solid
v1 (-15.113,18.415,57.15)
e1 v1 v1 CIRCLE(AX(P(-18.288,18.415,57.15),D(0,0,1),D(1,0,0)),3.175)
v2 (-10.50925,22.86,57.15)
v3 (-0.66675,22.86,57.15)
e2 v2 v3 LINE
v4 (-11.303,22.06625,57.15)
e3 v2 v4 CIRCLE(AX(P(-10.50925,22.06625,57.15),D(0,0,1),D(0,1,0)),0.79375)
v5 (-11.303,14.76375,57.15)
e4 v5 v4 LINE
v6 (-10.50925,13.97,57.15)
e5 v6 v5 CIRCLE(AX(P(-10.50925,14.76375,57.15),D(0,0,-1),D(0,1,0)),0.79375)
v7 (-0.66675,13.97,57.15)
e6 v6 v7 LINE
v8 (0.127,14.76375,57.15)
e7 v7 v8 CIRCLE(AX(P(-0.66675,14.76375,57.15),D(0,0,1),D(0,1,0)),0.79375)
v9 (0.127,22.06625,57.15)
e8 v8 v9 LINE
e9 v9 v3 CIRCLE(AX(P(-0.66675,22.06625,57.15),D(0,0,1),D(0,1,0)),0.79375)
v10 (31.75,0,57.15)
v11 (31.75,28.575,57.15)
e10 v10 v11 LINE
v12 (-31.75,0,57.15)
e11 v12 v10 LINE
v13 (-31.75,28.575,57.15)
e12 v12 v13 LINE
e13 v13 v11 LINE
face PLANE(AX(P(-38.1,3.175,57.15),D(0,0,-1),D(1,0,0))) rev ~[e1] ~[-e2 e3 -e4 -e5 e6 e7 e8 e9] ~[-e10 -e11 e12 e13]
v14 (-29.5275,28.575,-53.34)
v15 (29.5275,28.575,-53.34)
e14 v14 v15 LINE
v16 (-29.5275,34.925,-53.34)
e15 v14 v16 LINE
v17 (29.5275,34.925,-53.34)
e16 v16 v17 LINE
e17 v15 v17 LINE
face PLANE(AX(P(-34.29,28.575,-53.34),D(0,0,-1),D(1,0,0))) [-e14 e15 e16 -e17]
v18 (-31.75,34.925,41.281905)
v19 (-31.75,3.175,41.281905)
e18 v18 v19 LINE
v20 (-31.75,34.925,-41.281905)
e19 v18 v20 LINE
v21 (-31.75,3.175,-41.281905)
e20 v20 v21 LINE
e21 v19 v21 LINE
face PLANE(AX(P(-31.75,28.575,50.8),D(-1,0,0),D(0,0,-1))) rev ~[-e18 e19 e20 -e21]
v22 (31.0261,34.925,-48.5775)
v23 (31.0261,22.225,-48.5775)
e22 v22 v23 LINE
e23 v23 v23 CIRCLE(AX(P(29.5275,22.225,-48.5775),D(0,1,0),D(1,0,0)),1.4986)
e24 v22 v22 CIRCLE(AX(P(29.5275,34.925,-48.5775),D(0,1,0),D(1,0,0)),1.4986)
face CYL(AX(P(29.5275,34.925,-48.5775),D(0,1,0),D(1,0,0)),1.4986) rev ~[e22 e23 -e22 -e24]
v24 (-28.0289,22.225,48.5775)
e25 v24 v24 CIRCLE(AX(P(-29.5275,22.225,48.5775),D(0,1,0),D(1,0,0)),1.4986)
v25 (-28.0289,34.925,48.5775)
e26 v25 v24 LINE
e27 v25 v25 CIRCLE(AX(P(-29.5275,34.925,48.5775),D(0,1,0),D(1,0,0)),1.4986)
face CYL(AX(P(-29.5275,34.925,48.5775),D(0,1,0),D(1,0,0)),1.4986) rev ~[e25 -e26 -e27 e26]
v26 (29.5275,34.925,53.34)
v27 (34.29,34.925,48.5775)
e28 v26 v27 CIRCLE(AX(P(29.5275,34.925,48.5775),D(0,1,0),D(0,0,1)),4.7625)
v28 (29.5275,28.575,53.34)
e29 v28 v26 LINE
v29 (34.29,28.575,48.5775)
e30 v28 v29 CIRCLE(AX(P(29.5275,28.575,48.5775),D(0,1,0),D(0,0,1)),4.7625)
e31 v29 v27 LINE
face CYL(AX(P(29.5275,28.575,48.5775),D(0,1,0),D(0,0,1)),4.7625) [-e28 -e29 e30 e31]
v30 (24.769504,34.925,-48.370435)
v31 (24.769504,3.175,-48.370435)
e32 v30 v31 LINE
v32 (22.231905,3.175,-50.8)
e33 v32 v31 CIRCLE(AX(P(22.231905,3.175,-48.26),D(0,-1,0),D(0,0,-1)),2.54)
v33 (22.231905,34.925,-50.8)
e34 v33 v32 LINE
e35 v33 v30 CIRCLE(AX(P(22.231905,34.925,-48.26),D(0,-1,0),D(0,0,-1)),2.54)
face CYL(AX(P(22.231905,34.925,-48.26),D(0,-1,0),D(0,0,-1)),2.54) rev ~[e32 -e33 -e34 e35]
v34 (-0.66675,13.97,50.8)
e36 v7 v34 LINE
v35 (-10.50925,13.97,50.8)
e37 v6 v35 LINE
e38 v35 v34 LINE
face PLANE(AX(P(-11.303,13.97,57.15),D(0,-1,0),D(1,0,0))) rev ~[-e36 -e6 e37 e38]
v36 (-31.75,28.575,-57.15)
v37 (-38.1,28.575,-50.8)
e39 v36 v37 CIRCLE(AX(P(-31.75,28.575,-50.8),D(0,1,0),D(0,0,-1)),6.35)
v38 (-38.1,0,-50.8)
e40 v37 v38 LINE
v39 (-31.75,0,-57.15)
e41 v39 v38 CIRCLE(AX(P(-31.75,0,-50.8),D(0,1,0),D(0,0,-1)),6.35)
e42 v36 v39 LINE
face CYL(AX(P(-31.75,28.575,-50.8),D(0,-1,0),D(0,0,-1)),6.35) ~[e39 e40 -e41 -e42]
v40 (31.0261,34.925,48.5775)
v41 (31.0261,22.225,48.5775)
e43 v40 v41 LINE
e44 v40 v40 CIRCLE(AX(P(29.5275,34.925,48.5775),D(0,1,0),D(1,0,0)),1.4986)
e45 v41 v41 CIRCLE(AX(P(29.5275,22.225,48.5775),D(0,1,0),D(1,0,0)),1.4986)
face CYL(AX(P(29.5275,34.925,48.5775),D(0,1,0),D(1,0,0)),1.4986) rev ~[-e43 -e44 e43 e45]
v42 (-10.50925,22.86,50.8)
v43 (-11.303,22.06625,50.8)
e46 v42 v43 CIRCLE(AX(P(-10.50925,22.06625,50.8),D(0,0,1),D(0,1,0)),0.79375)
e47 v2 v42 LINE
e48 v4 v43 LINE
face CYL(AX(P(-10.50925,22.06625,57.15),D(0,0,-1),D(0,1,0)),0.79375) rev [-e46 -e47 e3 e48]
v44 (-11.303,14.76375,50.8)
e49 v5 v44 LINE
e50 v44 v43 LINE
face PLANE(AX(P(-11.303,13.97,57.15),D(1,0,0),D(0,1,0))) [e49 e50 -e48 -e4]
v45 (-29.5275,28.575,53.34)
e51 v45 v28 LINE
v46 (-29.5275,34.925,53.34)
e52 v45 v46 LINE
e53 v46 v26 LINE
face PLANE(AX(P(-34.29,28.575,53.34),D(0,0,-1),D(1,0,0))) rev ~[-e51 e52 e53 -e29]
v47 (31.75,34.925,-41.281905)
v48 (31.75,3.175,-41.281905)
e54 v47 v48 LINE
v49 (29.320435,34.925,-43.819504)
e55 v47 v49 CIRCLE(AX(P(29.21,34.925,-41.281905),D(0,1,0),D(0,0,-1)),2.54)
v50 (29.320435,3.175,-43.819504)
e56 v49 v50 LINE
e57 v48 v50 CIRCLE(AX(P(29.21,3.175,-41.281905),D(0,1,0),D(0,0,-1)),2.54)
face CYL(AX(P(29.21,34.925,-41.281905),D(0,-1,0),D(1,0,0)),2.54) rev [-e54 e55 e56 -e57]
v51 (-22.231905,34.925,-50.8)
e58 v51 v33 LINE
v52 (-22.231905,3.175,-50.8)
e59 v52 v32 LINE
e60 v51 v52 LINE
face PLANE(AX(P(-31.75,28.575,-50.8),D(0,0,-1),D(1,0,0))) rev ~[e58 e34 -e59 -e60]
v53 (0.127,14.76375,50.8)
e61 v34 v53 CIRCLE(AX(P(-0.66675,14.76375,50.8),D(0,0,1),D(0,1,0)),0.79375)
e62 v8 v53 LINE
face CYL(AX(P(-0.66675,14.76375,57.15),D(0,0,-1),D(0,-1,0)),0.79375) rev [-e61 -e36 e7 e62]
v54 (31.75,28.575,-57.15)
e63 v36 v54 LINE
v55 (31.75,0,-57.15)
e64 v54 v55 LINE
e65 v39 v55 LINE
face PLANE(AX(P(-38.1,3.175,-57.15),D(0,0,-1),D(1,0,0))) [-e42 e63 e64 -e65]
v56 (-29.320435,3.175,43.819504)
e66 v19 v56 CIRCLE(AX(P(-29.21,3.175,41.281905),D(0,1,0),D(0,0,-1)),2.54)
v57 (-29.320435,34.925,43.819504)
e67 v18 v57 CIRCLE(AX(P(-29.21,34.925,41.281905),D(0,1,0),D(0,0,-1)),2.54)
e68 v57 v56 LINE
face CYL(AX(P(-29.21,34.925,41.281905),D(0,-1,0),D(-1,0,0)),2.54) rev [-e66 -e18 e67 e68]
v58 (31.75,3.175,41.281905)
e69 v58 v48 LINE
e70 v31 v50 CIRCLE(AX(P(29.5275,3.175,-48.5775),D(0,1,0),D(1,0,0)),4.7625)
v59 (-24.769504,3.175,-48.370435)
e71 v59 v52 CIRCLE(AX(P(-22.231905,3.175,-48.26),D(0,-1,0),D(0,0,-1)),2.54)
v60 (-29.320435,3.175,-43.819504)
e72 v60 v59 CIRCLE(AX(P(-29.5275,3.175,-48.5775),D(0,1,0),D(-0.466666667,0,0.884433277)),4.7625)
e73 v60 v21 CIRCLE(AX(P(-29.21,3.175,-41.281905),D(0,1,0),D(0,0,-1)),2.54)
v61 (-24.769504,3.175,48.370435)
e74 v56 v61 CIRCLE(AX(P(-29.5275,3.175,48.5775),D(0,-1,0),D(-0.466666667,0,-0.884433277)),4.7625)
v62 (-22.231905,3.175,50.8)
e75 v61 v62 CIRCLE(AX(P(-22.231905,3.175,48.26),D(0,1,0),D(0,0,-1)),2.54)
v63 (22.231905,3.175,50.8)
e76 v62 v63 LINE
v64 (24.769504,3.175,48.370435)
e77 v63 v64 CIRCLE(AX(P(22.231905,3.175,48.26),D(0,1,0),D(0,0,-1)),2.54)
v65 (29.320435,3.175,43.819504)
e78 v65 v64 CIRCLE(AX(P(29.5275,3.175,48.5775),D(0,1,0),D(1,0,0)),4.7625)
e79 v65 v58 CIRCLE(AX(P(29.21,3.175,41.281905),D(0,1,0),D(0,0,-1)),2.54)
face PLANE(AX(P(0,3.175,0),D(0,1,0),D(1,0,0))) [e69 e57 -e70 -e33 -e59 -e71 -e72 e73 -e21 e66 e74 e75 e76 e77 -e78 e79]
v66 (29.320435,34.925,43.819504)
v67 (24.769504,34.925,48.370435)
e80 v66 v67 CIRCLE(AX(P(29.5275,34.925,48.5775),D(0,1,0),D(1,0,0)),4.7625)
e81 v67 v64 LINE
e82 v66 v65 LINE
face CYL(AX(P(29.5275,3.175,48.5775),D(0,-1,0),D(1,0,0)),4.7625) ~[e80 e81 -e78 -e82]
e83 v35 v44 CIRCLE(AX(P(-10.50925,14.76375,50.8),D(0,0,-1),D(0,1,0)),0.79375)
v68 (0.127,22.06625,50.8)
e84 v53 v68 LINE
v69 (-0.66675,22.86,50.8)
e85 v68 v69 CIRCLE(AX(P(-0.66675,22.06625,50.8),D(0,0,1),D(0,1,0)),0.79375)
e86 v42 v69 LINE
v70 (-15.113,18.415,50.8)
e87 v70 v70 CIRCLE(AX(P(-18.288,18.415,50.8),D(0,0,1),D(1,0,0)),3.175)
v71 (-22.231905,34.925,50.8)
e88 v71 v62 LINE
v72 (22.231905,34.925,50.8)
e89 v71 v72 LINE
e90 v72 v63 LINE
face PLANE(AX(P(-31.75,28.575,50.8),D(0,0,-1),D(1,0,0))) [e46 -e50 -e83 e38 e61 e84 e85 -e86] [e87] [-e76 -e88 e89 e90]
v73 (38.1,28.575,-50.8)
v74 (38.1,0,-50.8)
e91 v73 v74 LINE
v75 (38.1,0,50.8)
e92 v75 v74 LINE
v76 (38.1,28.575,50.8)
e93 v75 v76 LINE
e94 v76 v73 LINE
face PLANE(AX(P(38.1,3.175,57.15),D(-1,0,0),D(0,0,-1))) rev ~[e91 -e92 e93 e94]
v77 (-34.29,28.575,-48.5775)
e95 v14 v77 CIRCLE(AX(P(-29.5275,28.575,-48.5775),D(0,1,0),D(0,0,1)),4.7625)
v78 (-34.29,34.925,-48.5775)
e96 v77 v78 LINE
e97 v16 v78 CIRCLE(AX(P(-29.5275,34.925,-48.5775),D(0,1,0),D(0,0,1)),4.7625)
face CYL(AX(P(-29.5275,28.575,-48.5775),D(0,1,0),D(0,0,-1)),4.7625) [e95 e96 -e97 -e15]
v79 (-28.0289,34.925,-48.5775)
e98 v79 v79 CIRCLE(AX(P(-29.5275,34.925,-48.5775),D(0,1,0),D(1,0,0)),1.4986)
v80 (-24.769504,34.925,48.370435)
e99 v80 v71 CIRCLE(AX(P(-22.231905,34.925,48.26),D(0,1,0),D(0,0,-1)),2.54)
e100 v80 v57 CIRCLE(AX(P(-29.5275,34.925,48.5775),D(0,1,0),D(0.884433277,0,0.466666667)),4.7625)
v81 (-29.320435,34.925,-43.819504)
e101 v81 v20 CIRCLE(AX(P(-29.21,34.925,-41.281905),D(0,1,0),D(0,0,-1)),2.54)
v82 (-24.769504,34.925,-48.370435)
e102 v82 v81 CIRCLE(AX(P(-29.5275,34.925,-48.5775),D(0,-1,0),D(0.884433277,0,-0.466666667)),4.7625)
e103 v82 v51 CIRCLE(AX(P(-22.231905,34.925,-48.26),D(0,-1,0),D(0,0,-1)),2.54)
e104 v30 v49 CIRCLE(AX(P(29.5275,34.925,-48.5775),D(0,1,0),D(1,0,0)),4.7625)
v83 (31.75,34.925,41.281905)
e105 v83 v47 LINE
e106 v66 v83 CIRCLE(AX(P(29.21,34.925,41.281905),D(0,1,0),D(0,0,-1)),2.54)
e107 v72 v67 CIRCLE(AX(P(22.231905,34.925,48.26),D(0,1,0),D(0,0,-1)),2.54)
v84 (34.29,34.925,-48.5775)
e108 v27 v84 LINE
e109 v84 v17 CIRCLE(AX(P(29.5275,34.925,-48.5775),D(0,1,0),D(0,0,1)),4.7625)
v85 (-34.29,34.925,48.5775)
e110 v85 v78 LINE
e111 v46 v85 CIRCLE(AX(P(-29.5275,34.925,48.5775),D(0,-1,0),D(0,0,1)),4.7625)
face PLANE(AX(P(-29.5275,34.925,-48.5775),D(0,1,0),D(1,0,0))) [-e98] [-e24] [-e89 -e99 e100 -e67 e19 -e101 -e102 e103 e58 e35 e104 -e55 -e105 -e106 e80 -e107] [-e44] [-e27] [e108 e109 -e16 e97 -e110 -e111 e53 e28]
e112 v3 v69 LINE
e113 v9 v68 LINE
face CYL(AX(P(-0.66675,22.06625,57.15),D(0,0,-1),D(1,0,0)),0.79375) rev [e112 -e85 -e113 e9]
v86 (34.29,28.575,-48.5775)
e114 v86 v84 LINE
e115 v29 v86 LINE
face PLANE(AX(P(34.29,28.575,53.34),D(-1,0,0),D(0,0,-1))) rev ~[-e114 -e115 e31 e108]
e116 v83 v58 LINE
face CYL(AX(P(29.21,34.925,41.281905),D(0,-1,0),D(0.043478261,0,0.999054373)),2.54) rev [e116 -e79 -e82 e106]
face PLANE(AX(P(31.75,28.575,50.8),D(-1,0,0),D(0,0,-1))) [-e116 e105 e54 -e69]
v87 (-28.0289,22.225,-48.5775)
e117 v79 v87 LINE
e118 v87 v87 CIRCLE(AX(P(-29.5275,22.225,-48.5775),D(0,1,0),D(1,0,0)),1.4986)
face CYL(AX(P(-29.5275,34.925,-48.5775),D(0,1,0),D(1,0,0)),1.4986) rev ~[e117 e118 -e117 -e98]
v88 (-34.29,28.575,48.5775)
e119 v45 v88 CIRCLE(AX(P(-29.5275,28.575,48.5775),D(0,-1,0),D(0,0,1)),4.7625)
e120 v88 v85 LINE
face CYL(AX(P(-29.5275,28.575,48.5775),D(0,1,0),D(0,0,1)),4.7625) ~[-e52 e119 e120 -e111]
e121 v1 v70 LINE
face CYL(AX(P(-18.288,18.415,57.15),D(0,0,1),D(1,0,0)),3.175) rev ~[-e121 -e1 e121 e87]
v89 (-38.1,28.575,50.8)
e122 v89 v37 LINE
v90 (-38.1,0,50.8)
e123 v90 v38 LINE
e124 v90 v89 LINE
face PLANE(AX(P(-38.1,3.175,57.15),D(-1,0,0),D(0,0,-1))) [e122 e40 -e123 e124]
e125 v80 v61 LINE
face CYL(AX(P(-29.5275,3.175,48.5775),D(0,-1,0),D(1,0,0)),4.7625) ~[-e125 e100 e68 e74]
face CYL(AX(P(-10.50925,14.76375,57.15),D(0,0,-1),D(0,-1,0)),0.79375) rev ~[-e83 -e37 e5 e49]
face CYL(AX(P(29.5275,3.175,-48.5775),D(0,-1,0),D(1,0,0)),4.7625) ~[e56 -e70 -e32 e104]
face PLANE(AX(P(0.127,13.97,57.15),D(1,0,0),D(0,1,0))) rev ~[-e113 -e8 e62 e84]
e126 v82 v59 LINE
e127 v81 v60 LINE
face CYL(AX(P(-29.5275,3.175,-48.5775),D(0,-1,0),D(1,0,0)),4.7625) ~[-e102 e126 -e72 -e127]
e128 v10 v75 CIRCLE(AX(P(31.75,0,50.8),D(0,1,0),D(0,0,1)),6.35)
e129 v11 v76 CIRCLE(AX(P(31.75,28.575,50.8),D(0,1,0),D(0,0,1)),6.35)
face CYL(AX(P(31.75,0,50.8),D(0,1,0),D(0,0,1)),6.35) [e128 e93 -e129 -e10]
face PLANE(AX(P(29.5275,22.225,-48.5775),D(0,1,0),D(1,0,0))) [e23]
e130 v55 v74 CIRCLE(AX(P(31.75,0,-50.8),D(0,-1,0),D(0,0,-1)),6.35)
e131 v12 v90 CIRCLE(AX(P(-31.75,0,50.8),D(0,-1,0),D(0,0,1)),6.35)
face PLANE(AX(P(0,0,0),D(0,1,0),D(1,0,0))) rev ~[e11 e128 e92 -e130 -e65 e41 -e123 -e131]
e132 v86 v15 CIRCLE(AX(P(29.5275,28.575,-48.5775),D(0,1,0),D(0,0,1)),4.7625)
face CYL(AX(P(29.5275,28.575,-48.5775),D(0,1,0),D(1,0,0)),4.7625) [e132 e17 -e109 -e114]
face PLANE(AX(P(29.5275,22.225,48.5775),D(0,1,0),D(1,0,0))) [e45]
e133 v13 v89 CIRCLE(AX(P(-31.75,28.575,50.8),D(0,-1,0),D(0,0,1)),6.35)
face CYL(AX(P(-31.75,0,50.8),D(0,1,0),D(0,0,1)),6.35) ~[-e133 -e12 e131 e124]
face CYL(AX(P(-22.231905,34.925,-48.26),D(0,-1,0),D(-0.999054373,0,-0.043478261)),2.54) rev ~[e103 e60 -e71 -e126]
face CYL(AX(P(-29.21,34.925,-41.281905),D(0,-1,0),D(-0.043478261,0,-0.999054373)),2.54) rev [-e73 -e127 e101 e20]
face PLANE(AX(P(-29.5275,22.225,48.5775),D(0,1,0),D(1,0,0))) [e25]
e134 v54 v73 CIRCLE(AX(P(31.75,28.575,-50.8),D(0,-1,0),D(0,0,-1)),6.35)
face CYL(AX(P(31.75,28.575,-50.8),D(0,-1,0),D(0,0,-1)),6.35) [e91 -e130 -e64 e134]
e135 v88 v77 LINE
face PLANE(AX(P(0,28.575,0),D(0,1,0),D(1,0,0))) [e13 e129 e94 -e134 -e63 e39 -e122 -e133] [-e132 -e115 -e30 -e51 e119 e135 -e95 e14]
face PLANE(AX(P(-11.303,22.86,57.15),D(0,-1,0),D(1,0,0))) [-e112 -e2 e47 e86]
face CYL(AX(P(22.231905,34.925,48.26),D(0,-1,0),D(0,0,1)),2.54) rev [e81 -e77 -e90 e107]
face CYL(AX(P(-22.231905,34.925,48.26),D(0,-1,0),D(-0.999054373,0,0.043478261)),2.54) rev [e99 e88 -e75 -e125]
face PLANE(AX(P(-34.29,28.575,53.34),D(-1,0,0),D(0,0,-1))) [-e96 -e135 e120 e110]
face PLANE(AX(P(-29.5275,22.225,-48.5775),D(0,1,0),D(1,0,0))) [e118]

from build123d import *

# Parameters (mm, degrees)
SKETCH1_W           = 76.2
SKETCH1_H           = 114.3
BOSS_EXTRUDE1_DEPTH = 3.175
SKETCH3_W           = 76.2
SKETCH3_H           = 114.3
SKETCH3_W_2         = 63.5
SKETCH3_H_2         = 101.6
BOSS_EXTRUDE2_DEPTH = 25.4
CUT_EXTRUDE1_REACH  = 116.3
SKETCH4_R           = 3.175
SKETCH4_W           = 11.43
SKETCH4_H           = 8.89
SKETCH5_W           = 68.58
SKETCH5_H           = 106.68
SKETCH5_W_2         = 63.5
SKETCH5_H_2         = 101.6
BOSS_EXTRUDE3_DEPTH = 6.35
FILLET3_R           = 6.35
FILLET4_R           = 4.7625
FILLET5_R           = 3.175
FILLET6_R           = 0.79375
SKETCH6_R           = 4.7625
BOSS_EXTRUDE4_DEPTH = 31.75
SKETCH8_R           = 1.4986
CUT_EXTRUDE2_DEPTH  = 12.7
FILLET8_R           = 2.54


with BuildPart() as part:
    # Sketch1 → Boss-Extrude1 (new body)
    with BuildSketch(Plane(origin=(0, 0, 0), x_dir=(1, 0, 0), z_dir=(0, 1, 0))):
        Rectangle(SKETCH1_W, SKETCH1_H)
    extrude(amount=BOSS_EXTRUDE1_DEPTH)

    # Sketch3 → Boss-Extrude2 (add)
    with BuildSketch(Plane(origin=(0, 3.175, 0), x_dir=(1, 0, 0), z_dir=(0, 1, 0))):
        Rectangle(SKETCH3_W, SKETCH3_H)
        Rectangle(SKETCH3_W_2, SKETCH3_H_2, mode=Mode.SUBTRACT)
    extrude(amount=BOSS_EXTRUDE2_DEPTH)

    # Sketch4 → Cut-Extrude1 (cut, up to next)
    with BuildSketch(Plane.XY.offset(57.15), mode=Mode.PRIVATE) as cut_extrude1_sk1:
        with Locations((-18.288, 18.415)):
            Circle(SKETCH4_R)
    cut_extrude1_tool1 = extrude(cut_extrude1_sk1.sketch, amount=-CUT_EXTRUDE1_REACH, mode=Mode.PRIVATE) & part.part
    add(cut_extrude1_tool1.solids().sort_by_distance((-18.288, 18.415, 57.15))[0], mode=Mode.SUBTRACT)
    # Sketch4 → Cut-Extrude1 (cut, up to next)
    with BuildSketch(Plane.XY.offset(57.15), mode=Mode.PRIVATE) as cut_extrude1_sk2:
        with Locations((-5.588, 18.415)):
            Rectangle(SKETCH4_W, SKETCH4_H)
    cut_extrude1_tool2 = extrude(cut_extrude1_sk2.sketch, amount=-CUT_EXTRUDE1_REACH, mode=Mode.PRIVATE) & part.part
    add(cut_extrude1_tool2.solids().sort_by_distance((-5.588, 18.415, 57.15))[0], mode=Mode.SUBTRACT)

    # Sketch5 → Boss-Extrude3 (add)
    with BuildSketch(Plane(origin=(0, 28.575, 0), x_dir=(1, 0, 0), z_dir=(0, 1, 0))):
        Rectangle(SKETCH5_W, SKETCH5_H)
        Rectangle(SKETCH5_W_2, SKETCH5_H_2, mode=Mode.SUBTRACT)
    extrude(amount=BOSS_EXTRUDE3_DEPTH)

    # Fillet3
    fillet3_edges = [part.edges().sort_by_distance(p)[0] for p in [
        (38.1, 14.2875, 57.15),
        (-38.1, 14.2875, 57.15),
        (-38.1, 14.2875, -57.15),
        (38.1, 14.2875, -57.15),
    ]]
    fillet(fillet3_edges, radius=FILLET3_R)

    # Fillet4
    fillet4_edges = [part.edges().sort_by_distance(p)[0] for p in [
        (-34.29, 31.75, -53.34),
        (-34.29, 31.75, 53.34),
        (34.29, 31.75, 53.34),
        (34.29, 31.75, -53.34),
    ]]
    fillet(fillet4_edges, radius=FILLET4_R)

    # Fillet5
    fillet5_edges = [part.edges().sort_by_distance(p)[0] for p in [
        (-31.75, 19.05, 50.8),
        (31.75, 19.05, 50.8),
        (31.75, 19.05, -50.8),
        (-31.75, 19.05, -50.8),
    ]]
    fillet(fillet5_edges, radius=FILLET5_R)

    # Fillet6
    fillet6_edges = [part.edges().sort_by_distance(p)[0] for p in [
        (0.127, 22.86, 53.975),
        (0.127, 13.97, 53.975),
        (-11.303, 13.97, 53.975),
        (-11.303, 22.86, 53.975),
    ]]
    fillet(fillet6_edges, radius=FILLET6_R)

    # Sketch6 → Boss-Extrude4 (add)
    with BuildSketch(Plane(origin=(0, 3.175, 0), x_dir=(1, 0, 0), z_dir=(0, 1, 0))):
        with Locations((-29.5275, 48.5775)):
            Circle(SKETCH6_R)
        with Locations((29.5275, 48.5775)):
            Circle(SKETCH6_R)
        with Locations((29.5275, -48.5775)):
            Circle(SKETCH6_R)
        with Locations((-29.5275, -48.5775)):
            Circle(SKETCH6_R)
    extrude(amount=BOSS_EXTRUDE4_DEPTH)

    # Sketch8 → Cut-Extrude2 (cut)
    with BuildSketch(Plane(origin=(0, 34.925, 0), x_dir=(1, 0, 0), z_dir=(0, 1, 0))):
        with Locations((-29.5275, 48.5775)):
            Circle(SKETCH8_R)
        with Locations((29.5275, 48.5775)):
            Circle(SKETCH8_R)
        with Locations((29.5275, -48.5775)):
            Circle(SKETCH8_R)
        with Locations((-29.5275, -48.5775)):
            Circle(SKETCH8_R)
    extrude(amount=-CUT_EXTRUDE2_DEPTH, mode=Mode.SUBTRACT)

    # Fillet8
    fillet8_edges = [part.edges().sort_by_distance(p)[0] for p in [
        (-31.75, 19.05, -44.365386516),
        (-25.315386516, 19.05, -50.8),
        (25.315386516, 19.05, -50.8),
        (31.75, 19.05, -44.365386516),
        (31.75, 19.05, 44.365386516),
        (25.315386516, 19.05, 50.8),
        (-25.315386516, 19.05, 50.8),
        (-31.75, 19.05, 44.365386516),
    ]]
    fillet(fillet8_edges, radius=FILLET8_R)


solid = part.part
